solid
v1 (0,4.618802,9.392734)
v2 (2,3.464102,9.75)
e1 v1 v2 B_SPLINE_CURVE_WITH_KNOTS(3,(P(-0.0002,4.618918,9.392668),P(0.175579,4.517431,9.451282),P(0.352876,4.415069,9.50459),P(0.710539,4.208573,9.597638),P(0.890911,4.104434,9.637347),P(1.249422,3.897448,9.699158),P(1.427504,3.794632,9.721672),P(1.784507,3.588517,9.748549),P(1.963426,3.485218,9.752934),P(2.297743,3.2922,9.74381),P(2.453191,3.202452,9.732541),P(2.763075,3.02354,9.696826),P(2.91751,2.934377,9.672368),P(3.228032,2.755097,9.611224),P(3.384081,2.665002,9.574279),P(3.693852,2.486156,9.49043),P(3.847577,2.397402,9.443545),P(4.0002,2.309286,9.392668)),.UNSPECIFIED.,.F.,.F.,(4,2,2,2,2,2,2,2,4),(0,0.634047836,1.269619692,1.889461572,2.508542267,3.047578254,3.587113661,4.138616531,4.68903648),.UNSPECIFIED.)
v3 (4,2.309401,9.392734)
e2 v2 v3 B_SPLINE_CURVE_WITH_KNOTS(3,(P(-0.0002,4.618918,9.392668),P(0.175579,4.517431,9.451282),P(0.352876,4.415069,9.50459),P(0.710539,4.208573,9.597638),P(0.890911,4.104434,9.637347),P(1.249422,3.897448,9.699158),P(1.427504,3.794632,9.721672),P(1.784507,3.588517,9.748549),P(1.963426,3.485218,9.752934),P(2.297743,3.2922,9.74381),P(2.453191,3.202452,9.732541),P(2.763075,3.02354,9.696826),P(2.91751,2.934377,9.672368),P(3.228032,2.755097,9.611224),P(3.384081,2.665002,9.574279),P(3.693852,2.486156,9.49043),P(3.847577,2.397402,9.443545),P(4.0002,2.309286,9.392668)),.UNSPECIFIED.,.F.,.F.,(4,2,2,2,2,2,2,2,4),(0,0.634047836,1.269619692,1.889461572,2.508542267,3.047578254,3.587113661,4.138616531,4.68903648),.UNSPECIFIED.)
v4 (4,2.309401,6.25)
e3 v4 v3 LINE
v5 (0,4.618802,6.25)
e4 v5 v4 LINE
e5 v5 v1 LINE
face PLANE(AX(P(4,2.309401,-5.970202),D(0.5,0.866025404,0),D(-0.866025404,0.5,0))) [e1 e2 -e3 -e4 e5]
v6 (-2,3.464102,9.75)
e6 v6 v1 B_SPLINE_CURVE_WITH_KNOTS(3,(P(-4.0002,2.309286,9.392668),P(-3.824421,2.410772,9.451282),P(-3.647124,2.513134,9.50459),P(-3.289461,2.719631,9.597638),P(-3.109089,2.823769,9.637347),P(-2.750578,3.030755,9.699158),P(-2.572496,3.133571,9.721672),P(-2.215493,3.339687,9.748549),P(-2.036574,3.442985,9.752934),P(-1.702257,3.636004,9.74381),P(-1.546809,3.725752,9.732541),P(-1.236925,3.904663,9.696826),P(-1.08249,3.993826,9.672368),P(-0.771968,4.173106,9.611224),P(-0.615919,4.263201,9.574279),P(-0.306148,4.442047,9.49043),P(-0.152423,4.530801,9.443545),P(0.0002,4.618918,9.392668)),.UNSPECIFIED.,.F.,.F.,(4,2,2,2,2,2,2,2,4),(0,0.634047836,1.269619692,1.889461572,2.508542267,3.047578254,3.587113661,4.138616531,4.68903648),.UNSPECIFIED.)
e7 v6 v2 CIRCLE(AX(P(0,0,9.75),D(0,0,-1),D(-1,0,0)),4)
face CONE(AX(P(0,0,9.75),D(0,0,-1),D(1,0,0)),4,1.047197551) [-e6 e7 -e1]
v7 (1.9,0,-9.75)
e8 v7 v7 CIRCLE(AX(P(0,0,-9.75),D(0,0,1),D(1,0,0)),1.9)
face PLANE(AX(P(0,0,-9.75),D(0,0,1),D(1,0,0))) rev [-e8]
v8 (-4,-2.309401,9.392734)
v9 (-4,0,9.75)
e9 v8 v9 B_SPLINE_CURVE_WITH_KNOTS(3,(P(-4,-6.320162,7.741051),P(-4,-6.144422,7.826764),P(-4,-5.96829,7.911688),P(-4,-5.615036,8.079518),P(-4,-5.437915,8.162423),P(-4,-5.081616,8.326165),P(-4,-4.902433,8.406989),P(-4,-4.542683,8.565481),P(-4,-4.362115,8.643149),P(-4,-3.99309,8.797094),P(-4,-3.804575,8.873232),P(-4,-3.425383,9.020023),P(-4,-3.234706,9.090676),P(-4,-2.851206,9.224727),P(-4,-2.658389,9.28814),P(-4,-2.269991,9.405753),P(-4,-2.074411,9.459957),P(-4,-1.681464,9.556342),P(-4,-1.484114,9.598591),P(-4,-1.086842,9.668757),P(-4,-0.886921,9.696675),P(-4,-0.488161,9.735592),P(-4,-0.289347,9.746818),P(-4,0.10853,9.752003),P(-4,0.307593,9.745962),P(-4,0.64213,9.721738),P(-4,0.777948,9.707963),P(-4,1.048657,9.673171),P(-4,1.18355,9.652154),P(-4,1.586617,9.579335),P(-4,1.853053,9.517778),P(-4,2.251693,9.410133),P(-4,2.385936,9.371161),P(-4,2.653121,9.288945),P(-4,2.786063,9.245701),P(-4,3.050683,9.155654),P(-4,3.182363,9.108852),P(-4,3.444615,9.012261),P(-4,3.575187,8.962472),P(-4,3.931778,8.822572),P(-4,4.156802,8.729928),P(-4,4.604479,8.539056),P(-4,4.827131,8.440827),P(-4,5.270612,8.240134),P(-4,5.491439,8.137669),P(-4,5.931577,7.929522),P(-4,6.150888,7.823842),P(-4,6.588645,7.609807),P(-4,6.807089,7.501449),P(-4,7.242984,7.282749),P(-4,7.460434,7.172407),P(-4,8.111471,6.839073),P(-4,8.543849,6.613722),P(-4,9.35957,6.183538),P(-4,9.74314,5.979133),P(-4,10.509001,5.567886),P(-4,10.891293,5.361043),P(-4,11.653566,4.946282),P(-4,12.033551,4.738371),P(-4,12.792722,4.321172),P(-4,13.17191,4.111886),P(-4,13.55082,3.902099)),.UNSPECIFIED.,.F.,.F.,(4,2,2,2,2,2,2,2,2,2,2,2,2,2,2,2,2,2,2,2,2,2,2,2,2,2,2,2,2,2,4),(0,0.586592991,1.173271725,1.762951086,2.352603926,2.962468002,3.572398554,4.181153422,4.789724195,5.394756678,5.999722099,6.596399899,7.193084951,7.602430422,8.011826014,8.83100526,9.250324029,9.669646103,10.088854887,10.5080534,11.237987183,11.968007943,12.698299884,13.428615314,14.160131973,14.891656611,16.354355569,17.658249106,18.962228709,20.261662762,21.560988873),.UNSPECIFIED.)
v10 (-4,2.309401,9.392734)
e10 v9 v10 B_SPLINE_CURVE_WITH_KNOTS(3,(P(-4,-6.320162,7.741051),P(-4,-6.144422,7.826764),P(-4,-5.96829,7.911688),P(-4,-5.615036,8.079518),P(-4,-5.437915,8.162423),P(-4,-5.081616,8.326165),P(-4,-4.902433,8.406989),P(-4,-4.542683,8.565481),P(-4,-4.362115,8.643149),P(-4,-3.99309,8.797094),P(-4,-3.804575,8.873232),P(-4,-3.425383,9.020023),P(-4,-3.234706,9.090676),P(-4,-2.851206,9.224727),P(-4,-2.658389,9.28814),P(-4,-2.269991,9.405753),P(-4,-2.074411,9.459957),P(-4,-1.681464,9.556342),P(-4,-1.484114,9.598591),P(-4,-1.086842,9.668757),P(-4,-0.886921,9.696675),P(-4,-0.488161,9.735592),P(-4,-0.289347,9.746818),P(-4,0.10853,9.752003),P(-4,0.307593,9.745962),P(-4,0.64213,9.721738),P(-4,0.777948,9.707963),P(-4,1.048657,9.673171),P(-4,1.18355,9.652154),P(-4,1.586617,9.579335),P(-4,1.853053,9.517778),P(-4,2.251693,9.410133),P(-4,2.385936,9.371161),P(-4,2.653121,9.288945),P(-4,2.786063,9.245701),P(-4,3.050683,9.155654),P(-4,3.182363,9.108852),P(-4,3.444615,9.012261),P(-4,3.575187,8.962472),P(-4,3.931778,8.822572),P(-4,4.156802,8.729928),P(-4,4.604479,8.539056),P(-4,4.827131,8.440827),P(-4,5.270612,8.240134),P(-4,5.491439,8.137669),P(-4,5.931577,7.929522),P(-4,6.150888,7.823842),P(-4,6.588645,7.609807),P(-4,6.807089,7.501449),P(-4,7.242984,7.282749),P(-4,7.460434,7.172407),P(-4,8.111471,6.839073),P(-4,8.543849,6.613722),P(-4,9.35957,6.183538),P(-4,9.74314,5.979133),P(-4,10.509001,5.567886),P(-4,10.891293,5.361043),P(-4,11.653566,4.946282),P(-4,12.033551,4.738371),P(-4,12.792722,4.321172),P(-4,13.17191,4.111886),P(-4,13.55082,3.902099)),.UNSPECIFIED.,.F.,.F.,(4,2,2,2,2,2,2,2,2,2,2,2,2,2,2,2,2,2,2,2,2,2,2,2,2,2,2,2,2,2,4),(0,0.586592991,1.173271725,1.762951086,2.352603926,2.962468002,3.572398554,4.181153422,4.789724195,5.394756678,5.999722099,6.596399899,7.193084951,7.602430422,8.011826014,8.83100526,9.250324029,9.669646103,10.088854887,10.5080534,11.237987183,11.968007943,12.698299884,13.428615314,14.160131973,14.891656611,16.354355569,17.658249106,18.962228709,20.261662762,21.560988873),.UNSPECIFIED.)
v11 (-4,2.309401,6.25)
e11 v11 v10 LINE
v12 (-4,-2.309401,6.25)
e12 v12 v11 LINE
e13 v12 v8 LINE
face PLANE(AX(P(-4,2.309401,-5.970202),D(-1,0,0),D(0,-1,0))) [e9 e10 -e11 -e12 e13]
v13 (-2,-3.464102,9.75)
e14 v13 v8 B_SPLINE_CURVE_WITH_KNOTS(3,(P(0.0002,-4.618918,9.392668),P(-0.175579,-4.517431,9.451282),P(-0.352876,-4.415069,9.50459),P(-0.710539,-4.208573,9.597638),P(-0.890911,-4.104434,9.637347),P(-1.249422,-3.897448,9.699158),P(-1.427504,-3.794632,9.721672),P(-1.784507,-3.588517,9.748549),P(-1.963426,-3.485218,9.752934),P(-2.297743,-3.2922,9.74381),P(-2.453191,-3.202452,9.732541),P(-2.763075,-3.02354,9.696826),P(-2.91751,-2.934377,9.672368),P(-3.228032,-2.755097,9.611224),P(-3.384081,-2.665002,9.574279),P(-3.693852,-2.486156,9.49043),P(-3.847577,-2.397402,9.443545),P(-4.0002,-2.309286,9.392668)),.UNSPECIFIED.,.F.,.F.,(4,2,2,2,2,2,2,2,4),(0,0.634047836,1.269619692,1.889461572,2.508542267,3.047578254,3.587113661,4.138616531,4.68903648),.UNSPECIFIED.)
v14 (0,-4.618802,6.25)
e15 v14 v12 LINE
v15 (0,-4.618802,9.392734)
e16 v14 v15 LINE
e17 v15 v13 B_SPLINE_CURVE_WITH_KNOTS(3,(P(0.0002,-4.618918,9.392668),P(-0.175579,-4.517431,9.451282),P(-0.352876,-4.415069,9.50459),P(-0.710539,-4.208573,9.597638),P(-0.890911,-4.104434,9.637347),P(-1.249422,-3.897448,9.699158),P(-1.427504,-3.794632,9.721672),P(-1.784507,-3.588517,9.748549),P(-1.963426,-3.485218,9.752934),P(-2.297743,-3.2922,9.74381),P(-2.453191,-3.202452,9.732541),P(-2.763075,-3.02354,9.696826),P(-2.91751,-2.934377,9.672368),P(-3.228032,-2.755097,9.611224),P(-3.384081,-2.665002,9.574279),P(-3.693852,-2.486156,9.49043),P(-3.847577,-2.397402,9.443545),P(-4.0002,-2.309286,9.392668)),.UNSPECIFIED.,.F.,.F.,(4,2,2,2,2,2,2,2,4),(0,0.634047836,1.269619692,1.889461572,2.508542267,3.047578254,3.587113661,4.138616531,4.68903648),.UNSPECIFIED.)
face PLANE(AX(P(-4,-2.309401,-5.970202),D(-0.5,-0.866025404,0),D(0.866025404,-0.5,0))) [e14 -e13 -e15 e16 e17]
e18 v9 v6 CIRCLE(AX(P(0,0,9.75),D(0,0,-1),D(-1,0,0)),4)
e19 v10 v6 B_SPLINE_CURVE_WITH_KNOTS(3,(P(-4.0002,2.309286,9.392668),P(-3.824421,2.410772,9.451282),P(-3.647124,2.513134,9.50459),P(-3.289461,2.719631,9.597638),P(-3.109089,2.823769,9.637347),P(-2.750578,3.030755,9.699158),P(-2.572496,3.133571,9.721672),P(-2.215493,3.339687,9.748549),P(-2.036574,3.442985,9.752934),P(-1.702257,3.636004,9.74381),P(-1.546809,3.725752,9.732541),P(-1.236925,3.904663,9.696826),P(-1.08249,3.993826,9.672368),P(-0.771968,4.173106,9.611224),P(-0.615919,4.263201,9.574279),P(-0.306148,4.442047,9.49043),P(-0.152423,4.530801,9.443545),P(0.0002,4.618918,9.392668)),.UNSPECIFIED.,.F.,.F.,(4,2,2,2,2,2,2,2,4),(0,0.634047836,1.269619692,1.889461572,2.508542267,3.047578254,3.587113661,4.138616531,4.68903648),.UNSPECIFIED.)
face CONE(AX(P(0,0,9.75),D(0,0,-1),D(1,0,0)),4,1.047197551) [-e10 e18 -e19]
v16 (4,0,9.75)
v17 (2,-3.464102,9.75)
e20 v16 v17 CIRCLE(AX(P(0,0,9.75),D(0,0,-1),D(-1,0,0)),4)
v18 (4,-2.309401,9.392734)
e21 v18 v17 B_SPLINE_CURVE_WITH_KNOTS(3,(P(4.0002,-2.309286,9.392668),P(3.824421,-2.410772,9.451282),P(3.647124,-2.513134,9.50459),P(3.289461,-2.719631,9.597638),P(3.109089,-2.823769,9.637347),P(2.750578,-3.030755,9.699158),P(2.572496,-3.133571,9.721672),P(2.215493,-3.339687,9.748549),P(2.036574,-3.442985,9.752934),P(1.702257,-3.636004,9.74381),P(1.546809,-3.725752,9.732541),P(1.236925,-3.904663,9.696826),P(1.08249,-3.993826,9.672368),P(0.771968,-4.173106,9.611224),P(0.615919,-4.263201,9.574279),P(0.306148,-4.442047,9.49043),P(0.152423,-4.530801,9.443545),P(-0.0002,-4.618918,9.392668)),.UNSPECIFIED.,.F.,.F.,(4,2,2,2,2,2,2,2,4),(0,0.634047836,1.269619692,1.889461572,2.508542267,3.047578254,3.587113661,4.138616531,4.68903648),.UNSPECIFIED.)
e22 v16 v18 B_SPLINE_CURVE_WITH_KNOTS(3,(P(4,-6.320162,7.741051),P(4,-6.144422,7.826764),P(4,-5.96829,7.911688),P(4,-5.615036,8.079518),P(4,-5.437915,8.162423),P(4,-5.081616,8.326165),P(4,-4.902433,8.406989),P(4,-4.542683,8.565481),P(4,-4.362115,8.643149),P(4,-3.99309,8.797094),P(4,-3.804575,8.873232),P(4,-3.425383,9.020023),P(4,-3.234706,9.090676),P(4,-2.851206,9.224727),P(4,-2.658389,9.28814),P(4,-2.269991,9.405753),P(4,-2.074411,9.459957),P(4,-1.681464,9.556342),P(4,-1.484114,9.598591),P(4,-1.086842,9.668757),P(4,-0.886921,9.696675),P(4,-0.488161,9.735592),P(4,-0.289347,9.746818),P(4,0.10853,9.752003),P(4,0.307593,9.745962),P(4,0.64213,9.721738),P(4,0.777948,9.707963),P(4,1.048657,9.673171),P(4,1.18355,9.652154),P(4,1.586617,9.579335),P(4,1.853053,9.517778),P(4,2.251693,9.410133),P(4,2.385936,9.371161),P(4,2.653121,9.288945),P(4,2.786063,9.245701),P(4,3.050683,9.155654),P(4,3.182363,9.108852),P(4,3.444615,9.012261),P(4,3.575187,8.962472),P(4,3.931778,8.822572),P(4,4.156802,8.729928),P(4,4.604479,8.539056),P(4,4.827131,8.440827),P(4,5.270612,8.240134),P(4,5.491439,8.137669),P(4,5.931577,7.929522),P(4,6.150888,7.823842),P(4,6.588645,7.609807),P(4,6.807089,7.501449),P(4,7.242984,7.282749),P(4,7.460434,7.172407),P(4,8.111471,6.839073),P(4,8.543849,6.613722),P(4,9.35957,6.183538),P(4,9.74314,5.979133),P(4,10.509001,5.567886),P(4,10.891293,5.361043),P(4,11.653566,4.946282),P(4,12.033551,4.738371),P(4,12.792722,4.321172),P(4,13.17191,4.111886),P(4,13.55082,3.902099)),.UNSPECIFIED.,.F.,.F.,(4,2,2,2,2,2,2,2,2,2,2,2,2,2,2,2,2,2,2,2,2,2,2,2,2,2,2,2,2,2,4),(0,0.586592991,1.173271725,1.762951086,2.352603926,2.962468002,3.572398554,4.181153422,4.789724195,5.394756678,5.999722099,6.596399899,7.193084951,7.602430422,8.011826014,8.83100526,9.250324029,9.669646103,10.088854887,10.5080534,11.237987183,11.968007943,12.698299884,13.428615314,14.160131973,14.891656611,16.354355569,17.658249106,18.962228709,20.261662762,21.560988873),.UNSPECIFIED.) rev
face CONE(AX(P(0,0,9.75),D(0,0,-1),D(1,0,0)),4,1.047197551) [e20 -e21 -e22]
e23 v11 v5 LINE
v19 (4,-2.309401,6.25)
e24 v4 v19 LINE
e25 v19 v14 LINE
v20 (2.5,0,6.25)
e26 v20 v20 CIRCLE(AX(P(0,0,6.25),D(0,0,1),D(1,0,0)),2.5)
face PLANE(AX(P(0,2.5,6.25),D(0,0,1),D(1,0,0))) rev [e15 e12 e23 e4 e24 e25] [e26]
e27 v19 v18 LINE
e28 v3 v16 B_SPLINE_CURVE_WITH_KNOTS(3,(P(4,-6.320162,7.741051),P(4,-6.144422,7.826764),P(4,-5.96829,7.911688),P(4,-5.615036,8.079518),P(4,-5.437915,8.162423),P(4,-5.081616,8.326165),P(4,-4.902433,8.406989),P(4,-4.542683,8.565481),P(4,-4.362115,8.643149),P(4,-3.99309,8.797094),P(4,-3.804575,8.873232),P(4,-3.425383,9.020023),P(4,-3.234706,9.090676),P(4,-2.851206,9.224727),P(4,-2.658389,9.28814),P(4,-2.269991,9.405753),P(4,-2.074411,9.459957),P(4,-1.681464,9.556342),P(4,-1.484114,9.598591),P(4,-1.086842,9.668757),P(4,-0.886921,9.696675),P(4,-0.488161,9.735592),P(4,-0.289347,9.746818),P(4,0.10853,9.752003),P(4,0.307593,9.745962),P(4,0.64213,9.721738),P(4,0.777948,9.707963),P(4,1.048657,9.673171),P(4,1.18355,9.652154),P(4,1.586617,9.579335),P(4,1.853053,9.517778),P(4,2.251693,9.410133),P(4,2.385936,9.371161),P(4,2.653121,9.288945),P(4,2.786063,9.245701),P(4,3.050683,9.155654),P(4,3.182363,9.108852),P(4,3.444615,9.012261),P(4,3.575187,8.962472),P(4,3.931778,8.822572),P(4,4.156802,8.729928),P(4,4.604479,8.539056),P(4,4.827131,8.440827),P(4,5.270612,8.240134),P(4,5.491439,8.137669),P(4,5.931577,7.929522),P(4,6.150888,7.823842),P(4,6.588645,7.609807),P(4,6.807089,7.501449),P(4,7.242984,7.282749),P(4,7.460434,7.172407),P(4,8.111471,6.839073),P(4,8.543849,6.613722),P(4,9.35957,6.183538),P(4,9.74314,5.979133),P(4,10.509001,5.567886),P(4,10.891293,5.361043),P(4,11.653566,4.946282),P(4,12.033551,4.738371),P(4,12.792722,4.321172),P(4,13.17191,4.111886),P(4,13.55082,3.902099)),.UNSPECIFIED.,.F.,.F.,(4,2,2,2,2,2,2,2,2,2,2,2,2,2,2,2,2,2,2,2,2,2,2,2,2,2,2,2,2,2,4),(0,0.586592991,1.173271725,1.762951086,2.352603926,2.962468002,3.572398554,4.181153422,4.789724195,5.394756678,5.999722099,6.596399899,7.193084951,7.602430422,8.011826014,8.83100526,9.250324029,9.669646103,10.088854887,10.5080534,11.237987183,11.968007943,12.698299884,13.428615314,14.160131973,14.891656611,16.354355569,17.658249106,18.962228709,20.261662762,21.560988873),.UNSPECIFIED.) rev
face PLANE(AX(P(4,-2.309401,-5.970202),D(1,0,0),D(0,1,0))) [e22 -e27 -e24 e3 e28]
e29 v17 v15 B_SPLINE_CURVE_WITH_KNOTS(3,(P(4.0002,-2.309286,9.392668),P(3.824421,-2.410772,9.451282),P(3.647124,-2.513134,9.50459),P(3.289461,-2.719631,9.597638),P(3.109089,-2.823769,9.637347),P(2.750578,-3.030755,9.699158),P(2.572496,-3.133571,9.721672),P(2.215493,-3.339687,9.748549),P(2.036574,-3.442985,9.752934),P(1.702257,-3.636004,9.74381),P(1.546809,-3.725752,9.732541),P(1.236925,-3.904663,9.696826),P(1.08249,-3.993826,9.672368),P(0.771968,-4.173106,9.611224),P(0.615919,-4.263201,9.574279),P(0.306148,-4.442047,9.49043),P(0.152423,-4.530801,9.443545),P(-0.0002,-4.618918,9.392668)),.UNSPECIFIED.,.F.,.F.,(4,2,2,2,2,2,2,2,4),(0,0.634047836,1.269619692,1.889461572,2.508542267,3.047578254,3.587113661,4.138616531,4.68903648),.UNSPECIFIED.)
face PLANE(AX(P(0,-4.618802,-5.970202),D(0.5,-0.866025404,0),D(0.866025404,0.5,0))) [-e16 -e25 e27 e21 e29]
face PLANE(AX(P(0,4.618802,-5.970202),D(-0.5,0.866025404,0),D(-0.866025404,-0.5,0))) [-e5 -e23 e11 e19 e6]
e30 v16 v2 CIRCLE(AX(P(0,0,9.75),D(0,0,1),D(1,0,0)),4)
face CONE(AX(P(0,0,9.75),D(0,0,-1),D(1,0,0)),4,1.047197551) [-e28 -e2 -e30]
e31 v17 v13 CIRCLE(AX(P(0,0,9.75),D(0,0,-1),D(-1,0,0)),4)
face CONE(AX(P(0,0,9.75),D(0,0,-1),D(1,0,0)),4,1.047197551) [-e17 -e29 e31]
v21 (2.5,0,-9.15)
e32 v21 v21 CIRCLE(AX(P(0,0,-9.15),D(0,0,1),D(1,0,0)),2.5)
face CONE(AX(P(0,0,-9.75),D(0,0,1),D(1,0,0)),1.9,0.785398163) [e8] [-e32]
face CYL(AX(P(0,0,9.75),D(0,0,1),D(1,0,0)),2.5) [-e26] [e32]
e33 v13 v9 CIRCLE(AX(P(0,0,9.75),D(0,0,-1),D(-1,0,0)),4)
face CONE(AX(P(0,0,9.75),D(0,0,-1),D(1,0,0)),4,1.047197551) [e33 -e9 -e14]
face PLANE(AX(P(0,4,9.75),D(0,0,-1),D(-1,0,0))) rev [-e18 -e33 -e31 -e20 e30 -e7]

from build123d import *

# Parameters (mm, degrees)
BOSS_EXTRUDE1_DEPTH = 3.5
SKETCH4_OUTSIDE_W   = 88.856
SKETCH4_OUTSIDE_H   = 90.094
SKETCH4_OUTSIDE_R   = 4
CUT_EXTRUDE1_DEPTH  = 21.434855843
CUT_EXTRUDE1_DRAFT  = -60


with BuildPart() as part:
    # Sketch2 → Revolve1 (revolve)
    with BuildSketch(Plane(origin=(0, 0, 0), x_dir=(0, 0, -1), z_dir=(1, 0, 0)), mode=Mode.PRIVATE) as revolve1_sk:
        Polygon((-9.75, 4), (-9.75, 0), (9.75, 0), (9.75, 1.9), (9.15, 2.5), (-6.25, 2.5), (-6.25, 4), align=None)
    revolve(revolve1_sk.sketch.rotate(Axis((0, 0, 9.75), (0, 0, -1)), 90), axis=Axis((0, 0, 9.75), (0, 0, -1)))

    # Sketch3 → Boss-Extrude1 (add)
    with BuildSketch(Plane.XY.offset(9.75)):
        Polygon((0, 4.618802154), (-4, 2.309401077), (-4, -2.309401077), (0, -4.618802154), (4, -2.309401077), (4, 2.309401077), align=None)
    extrude(amount=-BOSS_EXTRUDE1_DEPTH)


with BuildPart() as cut_extrude1_tool:
    # Sketch4 outside → Cut-Extrude1 (with draft: the straight prism first)
    with BuildSketch(Plane.XY.offset(9.75)):
        Rectangle(SKETCH4_OUTSIDE_W, SKETCH4_OUTSIDE_H)
        Circle(SKETCH4_OUTSIDE_R, mode=Mode.SUBTRACT)
    extrude(amount=-CUT_EXTRUDE1_DEPTH)
    # Cut-Extrude1: the draft: its side faces are tilted about the plane it starts from
    cut_extrude1_sides = [cut_extrude1_tool.faces().sort_by_distance(p)[0] for p in [
        (0, -45.047, -0.967427922),
        (44.428, 0, -0.967427922),
        (0, 45.047, -0.967427922),
        (-44.428, 0, -0.967427922),
        (-4, 0, -0.967427922),
    ]]
    draft(cut_extrude1_sides, Plane.XY.offset(9.75), CUT_EXTRUDE1_DRAFT)


with BuildPart() as part_1:
    add(part.part)

    # Cut-Extrude1: cut by cut_extrude1_tool
    add(cut_extrude1_tool.part, mode=Mode.SUBTRACT)


solid = part_1.part
